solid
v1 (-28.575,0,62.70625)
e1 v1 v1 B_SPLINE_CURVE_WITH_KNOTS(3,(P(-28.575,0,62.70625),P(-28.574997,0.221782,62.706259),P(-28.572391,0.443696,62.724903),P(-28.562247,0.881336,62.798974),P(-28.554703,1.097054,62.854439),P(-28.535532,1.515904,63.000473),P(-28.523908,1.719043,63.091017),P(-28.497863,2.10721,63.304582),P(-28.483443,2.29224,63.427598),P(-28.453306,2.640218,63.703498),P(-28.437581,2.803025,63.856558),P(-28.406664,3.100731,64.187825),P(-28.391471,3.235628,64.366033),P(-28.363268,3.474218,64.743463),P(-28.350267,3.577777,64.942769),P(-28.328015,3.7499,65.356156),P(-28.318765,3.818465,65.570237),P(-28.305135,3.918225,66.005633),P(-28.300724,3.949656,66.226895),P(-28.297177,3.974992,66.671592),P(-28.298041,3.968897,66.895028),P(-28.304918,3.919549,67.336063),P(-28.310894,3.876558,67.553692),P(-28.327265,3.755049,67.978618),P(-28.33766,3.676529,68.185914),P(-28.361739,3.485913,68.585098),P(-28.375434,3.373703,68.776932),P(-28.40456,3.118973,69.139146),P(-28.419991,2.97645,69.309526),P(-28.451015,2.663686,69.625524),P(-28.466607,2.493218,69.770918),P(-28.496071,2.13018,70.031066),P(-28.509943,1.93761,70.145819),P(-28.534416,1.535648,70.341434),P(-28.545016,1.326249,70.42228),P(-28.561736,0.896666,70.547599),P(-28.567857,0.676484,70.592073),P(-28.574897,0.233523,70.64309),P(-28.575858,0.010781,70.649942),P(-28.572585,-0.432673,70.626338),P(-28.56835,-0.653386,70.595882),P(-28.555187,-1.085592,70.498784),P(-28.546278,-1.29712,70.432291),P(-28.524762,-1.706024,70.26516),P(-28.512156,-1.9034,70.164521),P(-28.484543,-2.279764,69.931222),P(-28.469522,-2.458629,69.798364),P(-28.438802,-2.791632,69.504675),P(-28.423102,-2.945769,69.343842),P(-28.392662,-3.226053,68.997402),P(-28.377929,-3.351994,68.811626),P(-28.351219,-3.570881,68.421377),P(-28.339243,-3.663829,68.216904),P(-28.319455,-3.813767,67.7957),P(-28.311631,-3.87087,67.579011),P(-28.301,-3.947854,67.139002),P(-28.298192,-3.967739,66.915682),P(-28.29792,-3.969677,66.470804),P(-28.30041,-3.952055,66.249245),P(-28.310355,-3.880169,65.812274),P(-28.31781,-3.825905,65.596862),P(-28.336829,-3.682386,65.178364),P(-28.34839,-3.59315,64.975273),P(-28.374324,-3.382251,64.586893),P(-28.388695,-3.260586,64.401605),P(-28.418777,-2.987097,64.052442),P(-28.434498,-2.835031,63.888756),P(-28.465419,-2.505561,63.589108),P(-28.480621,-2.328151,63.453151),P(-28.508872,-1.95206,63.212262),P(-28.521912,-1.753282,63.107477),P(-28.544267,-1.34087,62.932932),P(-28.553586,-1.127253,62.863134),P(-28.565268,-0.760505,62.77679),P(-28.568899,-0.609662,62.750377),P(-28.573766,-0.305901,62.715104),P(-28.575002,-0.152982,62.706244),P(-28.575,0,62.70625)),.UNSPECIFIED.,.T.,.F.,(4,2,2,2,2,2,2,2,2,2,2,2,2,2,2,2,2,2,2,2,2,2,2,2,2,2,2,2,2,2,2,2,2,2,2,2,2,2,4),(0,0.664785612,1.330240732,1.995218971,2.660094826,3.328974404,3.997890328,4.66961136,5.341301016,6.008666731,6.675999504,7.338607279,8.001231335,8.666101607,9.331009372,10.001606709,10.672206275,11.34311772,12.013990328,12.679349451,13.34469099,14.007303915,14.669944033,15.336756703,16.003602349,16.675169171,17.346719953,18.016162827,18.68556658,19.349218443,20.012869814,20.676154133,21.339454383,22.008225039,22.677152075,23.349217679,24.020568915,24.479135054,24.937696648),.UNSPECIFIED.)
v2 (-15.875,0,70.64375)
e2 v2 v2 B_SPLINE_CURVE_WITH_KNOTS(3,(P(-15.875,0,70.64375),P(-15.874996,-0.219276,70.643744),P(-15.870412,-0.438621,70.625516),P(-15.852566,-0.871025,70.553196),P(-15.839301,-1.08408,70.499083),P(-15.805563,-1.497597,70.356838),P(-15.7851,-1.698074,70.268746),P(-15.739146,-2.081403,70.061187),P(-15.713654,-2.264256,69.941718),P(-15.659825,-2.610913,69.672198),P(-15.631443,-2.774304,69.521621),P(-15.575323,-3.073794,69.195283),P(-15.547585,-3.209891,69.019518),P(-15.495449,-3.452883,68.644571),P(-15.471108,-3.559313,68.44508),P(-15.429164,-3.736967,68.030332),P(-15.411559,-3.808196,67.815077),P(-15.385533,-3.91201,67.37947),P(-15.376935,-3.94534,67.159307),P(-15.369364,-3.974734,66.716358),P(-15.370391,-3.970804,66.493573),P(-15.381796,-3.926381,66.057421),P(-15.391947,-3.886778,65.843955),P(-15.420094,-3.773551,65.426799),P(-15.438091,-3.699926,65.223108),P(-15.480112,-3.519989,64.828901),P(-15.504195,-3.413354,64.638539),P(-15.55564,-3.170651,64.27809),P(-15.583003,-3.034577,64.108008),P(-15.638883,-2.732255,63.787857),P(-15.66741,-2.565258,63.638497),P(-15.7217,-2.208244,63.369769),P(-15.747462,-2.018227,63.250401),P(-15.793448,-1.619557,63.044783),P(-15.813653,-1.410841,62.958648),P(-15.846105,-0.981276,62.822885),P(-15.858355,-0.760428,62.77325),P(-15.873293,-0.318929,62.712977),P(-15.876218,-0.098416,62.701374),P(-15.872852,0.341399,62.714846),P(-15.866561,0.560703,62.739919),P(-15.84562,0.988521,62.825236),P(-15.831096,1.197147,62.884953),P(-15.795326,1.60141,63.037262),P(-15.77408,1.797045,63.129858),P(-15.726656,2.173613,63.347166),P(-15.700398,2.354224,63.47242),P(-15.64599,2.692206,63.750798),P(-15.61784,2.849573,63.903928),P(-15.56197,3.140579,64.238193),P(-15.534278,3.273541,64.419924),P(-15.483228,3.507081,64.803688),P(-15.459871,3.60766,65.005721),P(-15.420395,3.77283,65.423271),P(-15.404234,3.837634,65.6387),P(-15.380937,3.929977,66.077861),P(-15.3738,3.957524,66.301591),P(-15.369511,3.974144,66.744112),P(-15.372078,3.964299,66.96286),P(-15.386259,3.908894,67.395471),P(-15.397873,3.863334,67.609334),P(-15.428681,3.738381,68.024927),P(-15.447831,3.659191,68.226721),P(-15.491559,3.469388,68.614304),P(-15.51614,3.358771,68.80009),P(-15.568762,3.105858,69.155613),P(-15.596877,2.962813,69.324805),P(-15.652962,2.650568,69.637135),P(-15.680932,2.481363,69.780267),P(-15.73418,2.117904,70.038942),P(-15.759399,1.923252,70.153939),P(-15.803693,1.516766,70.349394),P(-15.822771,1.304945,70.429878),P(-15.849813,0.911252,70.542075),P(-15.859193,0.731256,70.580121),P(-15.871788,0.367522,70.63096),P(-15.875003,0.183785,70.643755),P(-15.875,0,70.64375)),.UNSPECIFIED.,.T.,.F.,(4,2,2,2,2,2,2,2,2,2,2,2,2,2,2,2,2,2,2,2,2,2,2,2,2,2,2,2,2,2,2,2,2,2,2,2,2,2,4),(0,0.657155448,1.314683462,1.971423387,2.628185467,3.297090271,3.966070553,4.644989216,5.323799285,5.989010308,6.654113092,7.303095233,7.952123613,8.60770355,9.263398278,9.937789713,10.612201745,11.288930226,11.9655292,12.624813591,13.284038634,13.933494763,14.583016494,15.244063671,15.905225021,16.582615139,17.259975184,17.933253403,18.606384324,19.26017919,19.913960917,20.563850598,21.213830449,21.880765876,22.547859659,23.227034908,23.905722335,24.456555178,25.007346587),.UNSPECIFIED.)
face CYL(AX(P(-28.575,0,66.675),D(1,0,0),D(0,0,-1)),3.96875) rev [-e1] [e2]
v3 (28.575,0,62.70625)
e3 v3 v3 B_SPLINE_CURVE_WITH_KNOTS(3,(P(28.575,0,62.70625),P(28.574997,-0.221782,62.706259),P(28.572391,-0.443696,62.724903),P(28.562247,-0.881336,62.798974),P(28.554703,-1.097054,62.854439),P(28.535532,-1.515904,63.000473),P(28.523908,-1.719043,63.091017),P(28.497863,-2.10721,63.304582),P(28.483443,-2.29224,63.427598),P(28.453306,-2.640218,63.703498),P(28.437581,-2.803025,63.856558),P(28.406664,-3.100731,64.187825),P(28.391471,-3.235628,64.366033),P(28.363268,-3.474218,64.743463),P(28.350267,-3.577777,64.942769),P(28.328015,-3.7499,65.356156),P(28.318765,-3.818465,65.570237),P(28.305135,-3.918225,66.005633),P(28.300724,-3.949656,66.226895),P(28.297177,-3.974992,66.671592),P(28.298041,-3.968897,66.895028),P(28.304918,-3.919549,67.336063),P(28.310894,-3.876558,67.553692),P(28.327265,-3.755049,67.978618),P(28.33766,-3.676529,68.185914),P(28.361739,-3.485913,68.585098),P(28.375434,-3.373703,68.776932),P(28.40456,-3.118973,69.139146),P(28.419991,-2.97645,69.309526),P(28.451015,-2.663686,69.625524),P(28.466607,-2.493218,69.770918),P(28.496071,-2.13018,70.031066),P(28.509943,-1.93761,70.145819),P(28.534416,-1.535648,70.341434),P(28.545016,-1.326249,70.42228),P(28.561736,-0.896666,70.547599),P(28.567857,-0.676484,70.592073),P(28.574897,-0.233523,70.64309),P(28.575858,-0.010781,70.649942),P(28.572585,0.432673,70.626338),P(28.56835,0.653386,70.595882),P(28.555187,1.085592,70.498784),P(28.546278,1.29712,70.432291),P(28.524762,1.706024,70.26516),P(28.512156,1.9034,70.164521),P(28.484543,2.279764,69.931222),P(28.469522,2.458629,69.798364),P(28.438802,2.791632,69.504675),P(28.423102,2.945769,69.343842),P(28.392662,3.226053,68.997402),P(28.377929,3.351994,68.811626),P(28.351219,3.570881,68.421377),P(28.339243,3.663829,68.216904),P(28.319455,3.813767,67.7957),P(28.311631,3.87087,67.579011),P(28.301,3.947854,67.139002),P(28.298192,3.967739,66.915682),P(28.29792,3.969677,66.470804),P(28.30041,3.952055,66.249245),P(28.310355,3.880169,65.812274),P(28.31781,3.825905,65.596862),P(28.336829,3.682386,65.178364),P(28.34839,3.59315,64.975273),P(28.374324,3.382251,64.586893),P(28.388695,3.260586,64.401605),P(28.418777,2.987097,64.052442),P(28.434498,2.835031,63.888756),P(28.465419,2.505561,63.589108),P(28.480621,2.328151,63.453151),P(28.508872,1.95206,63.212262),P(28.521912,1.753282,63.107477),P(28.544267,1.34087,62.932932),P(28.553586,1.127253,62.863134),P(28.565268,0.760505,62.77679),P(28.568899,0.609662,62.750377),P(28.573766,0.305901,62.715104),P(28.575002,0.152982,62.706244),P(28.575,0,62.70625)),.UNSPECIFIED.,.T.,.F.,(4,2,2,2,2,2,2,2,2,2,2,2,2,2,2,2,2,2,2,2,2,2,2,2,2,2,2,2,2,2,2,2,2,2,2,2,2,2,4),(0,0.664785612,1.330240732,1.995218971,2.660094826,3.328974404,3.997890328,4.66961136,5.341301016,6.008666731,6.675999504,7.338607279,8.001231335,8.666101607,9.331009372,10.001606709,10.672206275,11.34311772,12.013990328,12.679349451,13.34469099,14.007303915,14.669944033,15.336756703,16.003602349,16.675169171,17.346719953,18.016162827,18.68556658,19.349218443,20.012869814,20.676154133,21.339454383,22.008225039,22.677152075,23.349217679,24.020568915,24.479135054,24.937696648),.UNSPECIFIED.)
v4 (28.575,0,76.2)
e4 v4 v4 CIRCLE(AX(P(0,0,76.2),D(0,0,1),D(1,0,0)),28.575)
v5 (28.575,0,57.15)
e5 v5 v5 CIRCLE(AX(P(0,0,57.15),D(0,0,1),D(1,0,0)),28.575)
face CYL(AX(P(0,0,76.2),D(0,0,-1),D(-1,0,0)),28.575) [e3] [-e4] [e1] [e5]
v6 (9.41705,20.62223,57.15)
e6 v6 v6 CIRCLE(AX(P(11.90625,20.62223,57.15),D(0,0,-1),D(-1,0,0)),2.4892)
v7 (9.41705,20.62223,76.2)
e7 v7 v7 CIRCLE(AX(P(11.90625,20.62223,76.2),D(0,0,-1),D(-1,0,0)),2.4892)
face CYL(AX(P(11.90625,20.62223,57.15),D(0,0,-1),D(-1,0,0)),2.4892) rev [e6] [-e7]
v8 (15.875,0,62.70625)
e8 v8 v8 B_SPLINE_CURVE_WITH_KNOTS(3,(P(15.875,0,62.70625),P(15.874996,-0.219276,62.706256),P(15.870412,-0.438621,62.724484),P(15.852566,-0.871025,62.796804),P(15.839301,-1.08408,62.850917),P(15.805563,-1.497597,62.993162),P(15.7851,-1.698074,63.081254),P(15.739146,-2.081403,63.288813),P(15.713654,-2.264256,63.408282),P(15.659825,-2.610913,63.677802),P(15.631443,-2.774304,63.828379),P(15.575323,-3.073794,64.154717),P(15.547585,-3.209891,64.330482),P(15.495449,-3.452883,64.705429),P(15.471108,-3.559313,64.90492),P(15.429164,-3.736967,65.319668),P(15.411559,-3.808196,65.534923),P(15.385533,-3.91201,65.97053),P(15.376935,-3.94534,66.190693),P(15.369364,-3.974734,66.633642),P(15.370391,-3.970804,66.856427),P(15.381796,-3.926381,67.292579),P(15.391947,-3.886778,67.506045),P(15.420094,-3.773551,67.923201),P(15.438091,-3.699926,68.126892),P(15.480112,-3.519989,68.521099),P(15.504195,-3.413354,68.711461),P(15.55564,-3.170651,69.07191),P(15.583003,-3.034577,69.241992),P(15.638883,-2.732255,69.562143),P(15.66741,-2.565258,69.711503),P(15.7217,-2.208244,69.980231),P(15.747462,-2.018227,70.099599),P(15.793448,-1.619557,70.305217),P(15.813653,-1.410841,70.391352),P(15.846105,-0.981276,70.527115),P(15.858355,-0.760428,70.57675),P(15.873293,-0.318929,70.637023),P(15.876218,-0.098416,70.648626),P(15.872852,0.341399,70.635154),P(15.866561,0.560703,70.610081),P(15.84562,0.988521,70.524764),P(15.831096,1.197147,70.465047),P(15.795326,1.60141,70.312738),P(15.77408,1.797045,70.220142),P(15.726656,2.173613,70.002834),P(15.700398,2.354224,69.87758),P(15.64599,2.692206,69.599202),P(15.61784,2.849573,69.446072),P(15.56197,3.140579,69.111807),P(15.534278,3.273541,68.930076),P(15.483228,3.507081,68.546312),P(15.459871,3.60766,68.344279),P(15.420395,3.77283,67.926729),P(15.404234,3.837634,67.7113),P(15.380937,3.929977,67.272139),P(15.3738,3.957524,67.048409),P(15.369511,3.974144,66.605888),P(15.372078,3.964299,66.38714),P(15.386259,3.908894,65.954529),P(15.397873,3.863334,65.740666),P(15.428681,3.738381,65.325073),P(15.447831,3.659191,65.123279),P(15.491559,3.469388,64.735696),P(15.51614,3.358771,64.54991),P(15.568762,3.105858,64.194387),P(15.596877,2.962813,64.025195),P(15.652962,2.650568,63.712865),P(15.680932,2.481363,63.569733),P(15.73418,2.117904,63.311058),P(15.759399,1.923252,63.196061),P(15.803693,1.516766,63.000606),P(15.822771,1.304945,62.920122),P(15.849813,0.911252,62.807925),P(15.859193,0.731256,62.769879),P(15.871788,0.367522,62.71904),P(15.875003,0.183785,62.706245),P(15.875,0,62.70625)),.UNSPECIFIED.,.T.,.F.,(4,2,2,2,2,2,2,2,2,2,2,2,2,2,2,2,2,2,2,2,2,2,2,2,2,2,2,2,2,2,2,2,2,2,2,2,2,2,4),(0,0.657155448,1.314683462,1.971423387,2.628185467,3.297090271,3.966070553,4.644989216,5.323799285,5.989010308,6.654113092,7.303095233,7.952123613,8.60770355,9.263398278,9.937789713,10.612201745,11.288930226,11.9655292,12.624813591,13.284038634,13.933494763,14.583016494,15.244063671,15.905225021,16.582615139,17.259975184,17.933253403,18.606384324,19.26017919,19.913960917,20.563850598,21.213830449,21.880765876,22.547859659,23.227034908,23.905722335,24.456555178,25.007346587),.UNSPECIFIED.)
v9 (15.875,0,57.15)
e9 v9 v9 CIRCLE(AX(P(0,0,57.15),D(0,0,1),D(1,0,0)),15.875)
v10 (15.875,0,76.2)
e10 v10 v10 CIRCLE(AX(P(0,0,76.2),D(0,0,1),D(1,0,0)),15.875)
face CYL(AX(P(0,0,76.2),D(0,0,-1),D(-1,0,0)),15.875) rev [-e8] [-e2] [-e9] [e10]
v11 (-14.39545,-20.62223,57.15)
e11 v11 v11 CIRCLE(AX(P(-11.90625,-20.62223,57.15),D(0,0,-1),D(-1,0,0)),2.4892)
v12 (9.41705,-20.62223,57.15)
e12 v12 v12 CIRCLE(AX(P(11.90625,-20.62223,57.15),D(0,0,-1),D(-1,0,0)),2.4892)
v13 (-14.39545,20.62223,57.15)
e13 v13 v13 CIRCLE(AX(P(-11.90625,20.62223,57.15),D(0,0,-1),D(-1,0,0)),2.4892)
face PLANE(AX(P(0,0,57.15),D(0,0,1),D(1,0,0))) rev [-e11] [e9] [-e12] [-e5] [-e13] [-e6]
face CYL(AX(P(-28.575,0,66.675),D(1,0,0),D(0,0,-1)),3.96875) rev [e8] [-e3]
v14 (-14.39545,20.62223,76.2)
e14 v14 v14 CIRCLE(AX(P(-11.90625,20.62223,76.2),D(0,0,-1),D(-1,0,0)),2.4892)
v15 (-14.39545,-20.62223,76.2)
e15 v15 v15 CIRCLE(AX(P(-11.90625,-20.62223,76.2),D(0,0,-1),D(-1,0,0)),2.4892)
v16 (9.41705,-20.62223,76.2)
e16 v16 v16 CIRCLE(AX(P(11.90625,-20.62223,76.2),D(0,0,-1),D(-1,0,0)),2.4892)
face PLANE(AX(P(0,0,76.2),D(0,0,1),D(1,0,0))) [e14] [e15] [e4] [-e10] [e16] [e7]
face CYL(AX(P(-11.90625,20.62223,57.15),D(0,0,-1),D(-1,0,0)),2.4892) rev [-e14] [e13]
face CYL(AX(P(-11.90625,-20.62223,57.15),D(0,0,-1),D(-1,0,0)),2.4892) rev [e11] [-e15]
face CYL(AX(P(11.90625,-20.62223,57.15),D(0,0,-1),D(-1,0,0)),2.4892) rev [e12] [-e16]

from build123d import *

# Parameters (mm, degrees)
SKETCH3_R                  = 28.575
SKETCH3_R_2                = 15.875
BOSS_EXTRUDE1_DEPTH        = 76.2
SKETCH4_R                  = 39.559010108
CUT_EXTRUDE1_DEPTH         = 133.35
F_9_0_196_DIAMETER_HOLE1_D = 4.9784
CUT_EXTRUDE2_DEPTH         = 87.252543441
CUT_EXTRUDE2_DEPTH_BACK    = 87.252543441
SKETCH7_R                  = 3.96875


with BuildPart() as part:
    # Sketch3 → Boss-Extrude1 (new, symmetric)
    with BuildSketch(Plane.XY):
        with Locations(Location((0, 0, 0), (0, 0, 180))):
            Circle(SKETCH3_R)
        with Locations(Location((0, 0, 0), (0, 0, 180))):
            Circle(SKETCH3_R_2, mode=Mode.SUBTRACT)
    extrude(amount=BOSS_EXTRUDE1_DEPTH, both=True)

    # Sketch4 → Cut-Extrude1 (cut)
    with BuildSketch(Plane(origin=(0, 0, -76.2), x_dir=(-1, 0, 0), z_dir=(0, 0, -1))):
        Circle(SKETCH4_R)
    extrude(amount=-CUT_EXTRUDE1_DEPTH, mode=Mode.SUBTRACT)

    # #9 (0.196) Diameter Hole1 (through all)
    with Locations(Plane(origin=(0, 0, 57.15), x_dir=(-1, 0, 0), z_dir=(0, 0, -1))):
        with Locations((-11.90625, -20.622229928), (-11.90625, 20.622229928), (11.90625, 20.622229928), (11.90625, -20.622229928)):
            Hole(F_9_0_196_DIAMETER_HOLE1_D / 2)

    # Sketch7 → Cut-Extrude2 (cut, two sides: drawn at the far end of the back side and taken through both)
    with BuildSketch(Plane(origin=(0, 0, 0), x_dir=(0, 0, -1), z_dir=(1, 0, 0)).offset(-CUT_EXTRUDE2_DEPTH_BACK)):
        with Locations((-66.675, 0)):
            Circle(SKETCH7_R)
    extrude(amount=CUT_EXTRUDE2_DEPTH + CUT_EXTRUDE2_DEPTH_BACK, mode=Mode.SUBTRACT)


solid = part.part
